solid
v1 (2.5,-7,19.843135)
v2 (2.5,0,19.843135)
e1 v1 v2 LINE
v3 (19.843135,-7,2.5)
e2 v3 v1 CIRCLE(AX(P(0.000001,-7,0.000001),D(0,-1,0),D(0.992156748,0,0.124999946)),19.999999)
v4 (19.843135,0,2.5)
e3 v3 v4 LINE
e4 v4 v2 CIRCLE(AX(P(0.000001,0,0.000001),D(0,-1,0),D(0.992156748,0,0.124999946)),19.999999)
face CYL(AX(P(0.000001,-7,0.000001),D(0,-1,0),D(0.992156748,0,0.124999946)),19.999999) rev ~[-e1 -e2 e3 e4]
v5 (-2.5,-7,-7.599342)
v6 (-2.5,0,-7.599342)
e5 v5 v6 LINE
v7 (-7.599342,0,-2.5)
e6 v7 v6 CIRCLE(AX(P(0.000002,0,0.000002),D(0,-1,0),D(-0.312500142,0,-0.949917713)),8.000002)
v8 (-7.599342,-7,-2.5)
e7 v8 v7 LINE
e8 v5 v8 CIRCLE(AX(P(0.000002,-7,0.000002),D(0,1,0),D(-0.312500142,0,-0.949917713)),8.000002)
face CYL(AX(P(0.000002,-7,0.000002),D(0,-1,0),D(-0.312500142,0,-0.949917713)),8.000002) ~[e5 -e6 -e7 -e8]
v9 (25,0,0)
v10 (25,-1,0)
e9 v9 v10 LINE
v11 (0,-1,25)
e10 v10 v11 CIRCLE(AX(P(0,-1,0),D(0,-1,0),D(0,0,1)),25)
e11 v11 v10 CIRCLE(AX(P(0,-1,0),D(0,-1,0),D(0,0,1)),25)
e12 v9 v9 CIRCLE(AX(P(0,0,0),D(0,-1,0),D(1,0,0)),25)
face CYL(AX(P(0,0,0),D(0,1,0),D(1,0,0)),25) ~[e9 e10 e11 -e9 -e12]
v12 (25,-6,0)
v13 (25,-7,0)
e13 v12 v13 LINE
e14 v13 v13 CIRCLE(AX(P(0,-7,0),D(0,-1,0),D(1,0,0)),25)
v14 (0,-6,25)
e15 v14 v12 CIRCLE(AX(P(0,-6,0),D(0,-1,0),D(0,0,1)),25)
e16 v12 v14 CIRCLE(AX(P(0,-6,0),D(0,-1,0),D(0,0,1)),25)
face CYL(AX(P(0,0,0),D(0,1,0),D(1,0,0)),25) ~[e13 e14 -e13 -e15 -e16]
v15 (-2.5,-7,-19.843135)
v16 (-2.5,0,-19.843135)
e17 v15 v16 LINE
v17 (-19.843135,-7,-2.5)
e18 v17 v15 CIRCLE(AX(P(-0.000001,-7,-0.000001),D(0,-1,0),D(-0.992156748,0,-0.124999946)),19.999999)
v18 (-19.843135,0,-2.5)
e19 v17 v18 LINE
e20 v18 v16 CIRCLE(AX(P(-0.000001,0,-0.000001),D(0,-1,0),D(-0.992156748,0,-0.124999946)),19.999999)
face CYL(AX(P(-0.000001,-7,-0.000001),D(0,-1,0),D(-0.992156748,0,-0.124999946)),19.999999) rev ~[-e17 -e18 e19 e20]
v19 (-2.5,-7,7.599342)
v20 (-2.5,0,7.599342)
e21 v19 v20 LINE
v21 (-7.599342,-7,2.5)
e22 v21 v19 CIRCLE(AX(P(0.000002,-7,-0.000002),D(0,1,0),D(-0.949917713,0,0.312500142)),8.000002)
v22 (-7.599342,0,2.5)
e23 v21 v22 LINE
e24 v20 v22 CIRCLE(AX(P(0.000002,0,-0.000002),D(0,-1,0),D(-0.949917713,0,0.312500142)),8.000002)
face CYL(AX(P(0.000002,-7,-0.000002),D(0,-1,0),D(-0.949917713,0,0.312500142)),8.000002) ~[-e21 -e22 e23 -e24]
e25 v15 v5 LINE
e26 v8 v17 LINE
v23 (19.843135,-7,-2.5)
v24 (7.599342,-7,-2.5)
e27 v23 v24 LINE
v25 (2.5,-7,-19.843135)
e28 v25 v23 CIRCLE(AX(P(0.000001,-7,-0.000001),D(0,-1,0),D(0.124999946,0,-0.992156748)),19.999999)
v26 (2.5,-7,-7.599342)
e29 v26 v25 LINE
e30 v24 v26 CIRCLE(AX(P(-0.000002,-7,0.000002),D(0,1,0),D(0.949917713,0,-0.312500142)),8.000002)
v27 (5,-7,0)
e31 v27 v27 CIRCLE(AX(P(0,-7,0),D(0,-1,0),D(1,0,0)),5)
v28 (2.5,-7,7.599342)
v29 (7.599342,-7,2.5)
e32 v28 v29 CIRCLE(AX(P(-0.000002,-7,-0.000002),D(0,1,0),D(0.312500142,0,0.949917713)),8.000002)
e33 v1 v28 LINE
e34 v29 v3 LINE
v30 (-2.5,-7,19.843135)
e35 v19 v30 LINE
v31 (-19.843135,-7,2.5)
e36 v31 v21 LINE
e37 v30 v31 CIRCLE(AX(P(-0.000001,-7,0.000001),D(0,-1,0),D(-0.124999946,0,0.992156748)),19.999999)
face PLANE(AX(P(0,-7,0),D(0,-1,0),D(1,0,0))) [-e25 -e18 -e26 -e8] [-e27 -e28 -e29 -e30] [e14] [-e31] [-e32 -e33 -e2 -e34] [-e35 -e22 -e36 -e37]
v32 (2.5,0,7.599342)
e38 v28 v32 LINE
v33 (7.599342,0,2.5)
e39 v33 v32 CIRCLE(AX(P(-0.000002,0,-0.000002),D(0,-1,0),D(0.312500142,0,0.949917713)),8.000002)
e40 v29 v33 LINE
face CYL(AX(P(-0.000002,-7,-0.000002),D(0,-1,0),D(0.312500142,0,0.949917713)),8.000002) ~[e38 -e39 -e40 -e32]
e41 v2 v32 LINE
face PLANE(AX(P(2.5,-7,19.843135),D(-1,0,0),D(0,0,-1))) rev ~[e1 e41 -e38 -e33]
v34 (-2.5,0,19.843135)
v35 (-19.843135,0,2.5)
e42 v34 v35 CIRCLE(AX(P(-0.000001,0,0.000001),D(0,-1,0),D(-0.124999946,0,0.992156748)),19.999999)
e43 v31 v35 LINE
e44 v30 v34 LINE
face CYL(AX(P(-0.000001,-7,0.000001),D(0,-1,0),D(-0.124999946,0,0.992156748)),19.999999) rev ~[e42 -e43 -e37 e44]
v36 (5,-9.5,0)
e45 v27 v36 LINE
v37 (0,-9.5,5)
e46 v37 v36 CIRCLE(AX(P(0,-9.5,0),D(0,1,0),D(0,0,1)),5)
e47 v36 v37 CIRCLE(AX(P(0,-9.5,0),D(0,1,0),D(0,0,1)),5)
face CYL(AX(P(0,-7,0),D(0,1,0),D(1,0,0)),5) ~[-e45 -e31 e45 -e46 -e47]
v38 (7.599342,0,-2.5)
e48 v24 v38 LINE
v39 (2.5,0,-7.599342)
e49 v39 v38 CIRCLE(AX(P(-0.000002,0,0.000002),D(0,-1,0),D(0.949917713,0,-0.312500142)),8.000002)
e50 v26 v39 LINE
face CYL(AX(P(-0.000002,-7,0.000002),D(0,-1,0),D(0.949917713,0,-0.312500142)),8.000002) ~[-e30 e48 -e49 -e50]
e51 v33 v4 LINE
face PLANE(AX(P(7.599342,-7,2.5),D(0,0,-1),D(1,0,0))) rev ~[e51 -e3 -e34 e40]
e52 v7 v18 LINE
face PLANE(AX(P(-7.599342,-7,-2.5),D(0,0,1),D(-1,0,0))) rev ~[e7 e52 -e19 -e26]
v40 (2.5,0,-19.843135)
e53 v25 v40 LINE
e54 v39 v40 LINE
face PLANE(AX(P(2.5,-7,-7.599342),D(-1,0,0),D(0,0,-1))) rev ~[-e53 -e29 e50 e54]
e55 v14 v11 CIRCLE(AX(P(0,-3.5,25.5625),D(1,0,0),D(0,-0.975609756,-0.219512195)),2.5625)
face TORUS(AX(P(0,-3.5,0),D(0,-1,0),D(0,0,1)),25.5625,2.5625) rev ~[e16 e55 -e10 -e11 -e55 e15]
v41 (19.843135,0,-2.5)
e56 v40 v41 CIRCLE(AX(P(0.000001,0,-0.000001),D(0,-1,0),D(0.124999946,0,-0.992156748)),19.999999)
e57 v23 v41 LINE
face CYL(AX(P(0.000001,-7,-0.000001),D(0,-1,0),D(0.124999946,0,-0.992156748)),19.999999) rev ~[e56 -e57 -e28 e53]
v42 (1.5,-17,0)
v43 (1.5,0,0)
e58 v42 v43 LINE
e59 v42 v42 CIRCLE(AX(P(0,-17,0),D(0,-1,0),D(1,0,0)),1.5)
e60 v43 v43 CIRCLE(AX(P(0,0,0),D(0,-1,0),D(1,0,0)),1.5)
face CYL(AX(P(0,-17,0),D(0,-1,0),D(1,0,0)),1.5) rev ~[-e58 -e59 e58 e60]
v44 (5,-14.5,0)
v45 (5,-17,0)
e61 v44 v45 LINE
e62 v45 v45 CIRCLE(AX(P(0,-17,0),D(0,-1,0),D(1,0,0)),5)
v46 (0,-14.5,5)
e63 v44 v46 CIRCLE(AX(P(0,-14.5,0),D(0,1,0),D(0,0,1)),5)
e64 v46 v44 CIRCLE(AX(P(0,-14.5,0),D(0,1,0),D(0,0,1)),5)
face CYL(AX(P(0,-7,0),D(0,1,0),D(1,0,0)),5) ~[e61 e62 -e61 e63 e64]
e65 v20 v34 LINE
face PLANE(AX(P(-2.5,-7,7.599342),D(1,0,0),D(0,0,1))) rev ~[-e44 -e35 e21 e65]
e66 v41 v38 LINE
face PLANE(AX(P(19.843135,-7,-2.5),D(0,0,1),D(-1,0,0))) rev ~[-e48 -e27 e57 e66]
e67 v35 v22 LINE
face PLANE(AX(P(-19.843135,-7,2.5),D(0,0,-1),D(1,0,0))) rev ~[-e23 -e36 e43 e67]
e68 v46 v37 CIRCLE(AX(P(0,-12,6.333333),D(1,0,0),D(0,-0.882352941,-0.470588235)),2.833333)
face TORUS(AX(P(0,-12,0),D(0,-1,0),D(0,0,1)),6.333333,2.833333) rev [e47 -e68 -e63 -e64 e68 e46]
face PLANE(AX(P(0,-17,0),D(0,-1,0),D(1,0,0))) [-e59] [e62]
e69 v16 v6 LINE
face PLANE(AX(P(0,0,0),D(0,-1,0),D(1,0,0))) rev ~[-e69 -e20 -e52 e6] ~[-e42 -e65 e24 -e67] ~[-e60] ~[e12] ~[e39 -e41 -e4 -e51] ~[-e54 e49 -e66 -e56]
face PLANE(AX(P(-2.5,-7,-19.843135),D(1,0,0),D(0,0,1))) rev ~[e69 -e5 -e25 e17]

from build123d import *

# Parameters (mm, degrees)
F0_R      = 25
F1_DEPTH  = 7
F5_R      = 5
F6_DEPTH  = 10
F10_R     = 1.5
F11_DEPTH = 17.001
F13_DEPTH = 7.001


with BuildPart() as f1:
    # F0 (on Front) → F1 (new body)
    with BuildSketch(Plane.XZ):
        Circle(F0_R)
    extrude(amount=F1_DEPTH)

    # F2 (on Right) → F4 (revolve, cut)
    with BuildSketch(Plane.YZ):
        with BuildLine():
            Line((-1, 25), (-6, 25))
            ThreePointArc((-6, 25), (-3.5, 23), (-1, 25))
        make_face()
    revolve(axis=Axis((0, -8.172696, 0), (0, -1, 0)), mode=Mode.SUBTRACT)

    # F5 (on face) → F6 (join)
    with BuildSketch(Plane.XZ.offset(7)):
        Circle(F5_R)
    extrude(amount=F6_DEPTH)

    # F8 (on Right) → F9 (revolve, cut)
    with BuildSketch(Plane.YZ):
        with BuildLine():
            ThreePointArc((-14.5, 5), (-12, 3.5), (-9.5, 5))
            Line((-9.5, 5), (-14.5, 5))
        make_face()
    revolve(axis=Axis((0, -11.272511, 0), (0, 1, 0)), mode=Mode.SUBTRACT)

    # F10 (on face) → F11 (cut, through all)
    with BuildSketch(Plane.XZ.offset(17)):
        Circle(F10_R)
    extrude(amount=-F11_DEPTH, mode=Mode.SUBTRACT)

    # F12 (on face) → F13 (cut, through all)
    with BuildSketch(Plane.XZ.offset(7)):
        with BuildLine():
            Line((-2.5, 7.599342), (-2.5, 19.843135))
            ThreePointArc((-2.5, 19.843135), (-14.142136, 14.142136), (-19.843135, 2.5))
            Line((-19.843135, 2.5), (-7.599342, 2.5))
            ThreePointArc((-7.599342, 2.5), (-5.656854, 5.656854), (-2.5, 7.599342))
        make_face()
        with BuildLine():
            Line((7.599342, 2.5), (19.843135, 2.5))
            ThreePointArc((19.843135, 2.5), (14.142136, 14.142136), (2.5, 19.843135))
            Line((2.5, 19.843135), (2.5, 7.599342))
            ThreePointArc((2.5, 7.599342), (5.656854, 5.656854), (7.599342, 2.5))
        make_face()
        with BuildLine():
            ThreePointArc((2.5, -19.843135), (14.142136, -14.142136), (19.843135, -2.5))
            Line((19.843135, -2.5), (7.599342, -2.5))
            ThreePointArc((7.599342, -2.5), (5.656854, -5.656854), (2.5, -7.599342))
            Line((2.5, -7.599342), (2.5, -19.843135))
        make_face()
        with BuildLine():
            Line((-2.5, -19.843135), (-2.5, -7.599342))
            ThreePointArc((-2.5, -7.599342), (-5.656854, -5.656854), (-7.599342, -2.5))
            Line((-7.599342, -2.5), (-19.843135, -2.5))
            ThreePointArc((-19.843135, -2.5), (-14.142136, -14.142136), (-2.5, -19.843135))
        make_face()
    extrude(amount=-F13_DEPTH, mode=Mode.SUBTRACT)


solid = f1.part
